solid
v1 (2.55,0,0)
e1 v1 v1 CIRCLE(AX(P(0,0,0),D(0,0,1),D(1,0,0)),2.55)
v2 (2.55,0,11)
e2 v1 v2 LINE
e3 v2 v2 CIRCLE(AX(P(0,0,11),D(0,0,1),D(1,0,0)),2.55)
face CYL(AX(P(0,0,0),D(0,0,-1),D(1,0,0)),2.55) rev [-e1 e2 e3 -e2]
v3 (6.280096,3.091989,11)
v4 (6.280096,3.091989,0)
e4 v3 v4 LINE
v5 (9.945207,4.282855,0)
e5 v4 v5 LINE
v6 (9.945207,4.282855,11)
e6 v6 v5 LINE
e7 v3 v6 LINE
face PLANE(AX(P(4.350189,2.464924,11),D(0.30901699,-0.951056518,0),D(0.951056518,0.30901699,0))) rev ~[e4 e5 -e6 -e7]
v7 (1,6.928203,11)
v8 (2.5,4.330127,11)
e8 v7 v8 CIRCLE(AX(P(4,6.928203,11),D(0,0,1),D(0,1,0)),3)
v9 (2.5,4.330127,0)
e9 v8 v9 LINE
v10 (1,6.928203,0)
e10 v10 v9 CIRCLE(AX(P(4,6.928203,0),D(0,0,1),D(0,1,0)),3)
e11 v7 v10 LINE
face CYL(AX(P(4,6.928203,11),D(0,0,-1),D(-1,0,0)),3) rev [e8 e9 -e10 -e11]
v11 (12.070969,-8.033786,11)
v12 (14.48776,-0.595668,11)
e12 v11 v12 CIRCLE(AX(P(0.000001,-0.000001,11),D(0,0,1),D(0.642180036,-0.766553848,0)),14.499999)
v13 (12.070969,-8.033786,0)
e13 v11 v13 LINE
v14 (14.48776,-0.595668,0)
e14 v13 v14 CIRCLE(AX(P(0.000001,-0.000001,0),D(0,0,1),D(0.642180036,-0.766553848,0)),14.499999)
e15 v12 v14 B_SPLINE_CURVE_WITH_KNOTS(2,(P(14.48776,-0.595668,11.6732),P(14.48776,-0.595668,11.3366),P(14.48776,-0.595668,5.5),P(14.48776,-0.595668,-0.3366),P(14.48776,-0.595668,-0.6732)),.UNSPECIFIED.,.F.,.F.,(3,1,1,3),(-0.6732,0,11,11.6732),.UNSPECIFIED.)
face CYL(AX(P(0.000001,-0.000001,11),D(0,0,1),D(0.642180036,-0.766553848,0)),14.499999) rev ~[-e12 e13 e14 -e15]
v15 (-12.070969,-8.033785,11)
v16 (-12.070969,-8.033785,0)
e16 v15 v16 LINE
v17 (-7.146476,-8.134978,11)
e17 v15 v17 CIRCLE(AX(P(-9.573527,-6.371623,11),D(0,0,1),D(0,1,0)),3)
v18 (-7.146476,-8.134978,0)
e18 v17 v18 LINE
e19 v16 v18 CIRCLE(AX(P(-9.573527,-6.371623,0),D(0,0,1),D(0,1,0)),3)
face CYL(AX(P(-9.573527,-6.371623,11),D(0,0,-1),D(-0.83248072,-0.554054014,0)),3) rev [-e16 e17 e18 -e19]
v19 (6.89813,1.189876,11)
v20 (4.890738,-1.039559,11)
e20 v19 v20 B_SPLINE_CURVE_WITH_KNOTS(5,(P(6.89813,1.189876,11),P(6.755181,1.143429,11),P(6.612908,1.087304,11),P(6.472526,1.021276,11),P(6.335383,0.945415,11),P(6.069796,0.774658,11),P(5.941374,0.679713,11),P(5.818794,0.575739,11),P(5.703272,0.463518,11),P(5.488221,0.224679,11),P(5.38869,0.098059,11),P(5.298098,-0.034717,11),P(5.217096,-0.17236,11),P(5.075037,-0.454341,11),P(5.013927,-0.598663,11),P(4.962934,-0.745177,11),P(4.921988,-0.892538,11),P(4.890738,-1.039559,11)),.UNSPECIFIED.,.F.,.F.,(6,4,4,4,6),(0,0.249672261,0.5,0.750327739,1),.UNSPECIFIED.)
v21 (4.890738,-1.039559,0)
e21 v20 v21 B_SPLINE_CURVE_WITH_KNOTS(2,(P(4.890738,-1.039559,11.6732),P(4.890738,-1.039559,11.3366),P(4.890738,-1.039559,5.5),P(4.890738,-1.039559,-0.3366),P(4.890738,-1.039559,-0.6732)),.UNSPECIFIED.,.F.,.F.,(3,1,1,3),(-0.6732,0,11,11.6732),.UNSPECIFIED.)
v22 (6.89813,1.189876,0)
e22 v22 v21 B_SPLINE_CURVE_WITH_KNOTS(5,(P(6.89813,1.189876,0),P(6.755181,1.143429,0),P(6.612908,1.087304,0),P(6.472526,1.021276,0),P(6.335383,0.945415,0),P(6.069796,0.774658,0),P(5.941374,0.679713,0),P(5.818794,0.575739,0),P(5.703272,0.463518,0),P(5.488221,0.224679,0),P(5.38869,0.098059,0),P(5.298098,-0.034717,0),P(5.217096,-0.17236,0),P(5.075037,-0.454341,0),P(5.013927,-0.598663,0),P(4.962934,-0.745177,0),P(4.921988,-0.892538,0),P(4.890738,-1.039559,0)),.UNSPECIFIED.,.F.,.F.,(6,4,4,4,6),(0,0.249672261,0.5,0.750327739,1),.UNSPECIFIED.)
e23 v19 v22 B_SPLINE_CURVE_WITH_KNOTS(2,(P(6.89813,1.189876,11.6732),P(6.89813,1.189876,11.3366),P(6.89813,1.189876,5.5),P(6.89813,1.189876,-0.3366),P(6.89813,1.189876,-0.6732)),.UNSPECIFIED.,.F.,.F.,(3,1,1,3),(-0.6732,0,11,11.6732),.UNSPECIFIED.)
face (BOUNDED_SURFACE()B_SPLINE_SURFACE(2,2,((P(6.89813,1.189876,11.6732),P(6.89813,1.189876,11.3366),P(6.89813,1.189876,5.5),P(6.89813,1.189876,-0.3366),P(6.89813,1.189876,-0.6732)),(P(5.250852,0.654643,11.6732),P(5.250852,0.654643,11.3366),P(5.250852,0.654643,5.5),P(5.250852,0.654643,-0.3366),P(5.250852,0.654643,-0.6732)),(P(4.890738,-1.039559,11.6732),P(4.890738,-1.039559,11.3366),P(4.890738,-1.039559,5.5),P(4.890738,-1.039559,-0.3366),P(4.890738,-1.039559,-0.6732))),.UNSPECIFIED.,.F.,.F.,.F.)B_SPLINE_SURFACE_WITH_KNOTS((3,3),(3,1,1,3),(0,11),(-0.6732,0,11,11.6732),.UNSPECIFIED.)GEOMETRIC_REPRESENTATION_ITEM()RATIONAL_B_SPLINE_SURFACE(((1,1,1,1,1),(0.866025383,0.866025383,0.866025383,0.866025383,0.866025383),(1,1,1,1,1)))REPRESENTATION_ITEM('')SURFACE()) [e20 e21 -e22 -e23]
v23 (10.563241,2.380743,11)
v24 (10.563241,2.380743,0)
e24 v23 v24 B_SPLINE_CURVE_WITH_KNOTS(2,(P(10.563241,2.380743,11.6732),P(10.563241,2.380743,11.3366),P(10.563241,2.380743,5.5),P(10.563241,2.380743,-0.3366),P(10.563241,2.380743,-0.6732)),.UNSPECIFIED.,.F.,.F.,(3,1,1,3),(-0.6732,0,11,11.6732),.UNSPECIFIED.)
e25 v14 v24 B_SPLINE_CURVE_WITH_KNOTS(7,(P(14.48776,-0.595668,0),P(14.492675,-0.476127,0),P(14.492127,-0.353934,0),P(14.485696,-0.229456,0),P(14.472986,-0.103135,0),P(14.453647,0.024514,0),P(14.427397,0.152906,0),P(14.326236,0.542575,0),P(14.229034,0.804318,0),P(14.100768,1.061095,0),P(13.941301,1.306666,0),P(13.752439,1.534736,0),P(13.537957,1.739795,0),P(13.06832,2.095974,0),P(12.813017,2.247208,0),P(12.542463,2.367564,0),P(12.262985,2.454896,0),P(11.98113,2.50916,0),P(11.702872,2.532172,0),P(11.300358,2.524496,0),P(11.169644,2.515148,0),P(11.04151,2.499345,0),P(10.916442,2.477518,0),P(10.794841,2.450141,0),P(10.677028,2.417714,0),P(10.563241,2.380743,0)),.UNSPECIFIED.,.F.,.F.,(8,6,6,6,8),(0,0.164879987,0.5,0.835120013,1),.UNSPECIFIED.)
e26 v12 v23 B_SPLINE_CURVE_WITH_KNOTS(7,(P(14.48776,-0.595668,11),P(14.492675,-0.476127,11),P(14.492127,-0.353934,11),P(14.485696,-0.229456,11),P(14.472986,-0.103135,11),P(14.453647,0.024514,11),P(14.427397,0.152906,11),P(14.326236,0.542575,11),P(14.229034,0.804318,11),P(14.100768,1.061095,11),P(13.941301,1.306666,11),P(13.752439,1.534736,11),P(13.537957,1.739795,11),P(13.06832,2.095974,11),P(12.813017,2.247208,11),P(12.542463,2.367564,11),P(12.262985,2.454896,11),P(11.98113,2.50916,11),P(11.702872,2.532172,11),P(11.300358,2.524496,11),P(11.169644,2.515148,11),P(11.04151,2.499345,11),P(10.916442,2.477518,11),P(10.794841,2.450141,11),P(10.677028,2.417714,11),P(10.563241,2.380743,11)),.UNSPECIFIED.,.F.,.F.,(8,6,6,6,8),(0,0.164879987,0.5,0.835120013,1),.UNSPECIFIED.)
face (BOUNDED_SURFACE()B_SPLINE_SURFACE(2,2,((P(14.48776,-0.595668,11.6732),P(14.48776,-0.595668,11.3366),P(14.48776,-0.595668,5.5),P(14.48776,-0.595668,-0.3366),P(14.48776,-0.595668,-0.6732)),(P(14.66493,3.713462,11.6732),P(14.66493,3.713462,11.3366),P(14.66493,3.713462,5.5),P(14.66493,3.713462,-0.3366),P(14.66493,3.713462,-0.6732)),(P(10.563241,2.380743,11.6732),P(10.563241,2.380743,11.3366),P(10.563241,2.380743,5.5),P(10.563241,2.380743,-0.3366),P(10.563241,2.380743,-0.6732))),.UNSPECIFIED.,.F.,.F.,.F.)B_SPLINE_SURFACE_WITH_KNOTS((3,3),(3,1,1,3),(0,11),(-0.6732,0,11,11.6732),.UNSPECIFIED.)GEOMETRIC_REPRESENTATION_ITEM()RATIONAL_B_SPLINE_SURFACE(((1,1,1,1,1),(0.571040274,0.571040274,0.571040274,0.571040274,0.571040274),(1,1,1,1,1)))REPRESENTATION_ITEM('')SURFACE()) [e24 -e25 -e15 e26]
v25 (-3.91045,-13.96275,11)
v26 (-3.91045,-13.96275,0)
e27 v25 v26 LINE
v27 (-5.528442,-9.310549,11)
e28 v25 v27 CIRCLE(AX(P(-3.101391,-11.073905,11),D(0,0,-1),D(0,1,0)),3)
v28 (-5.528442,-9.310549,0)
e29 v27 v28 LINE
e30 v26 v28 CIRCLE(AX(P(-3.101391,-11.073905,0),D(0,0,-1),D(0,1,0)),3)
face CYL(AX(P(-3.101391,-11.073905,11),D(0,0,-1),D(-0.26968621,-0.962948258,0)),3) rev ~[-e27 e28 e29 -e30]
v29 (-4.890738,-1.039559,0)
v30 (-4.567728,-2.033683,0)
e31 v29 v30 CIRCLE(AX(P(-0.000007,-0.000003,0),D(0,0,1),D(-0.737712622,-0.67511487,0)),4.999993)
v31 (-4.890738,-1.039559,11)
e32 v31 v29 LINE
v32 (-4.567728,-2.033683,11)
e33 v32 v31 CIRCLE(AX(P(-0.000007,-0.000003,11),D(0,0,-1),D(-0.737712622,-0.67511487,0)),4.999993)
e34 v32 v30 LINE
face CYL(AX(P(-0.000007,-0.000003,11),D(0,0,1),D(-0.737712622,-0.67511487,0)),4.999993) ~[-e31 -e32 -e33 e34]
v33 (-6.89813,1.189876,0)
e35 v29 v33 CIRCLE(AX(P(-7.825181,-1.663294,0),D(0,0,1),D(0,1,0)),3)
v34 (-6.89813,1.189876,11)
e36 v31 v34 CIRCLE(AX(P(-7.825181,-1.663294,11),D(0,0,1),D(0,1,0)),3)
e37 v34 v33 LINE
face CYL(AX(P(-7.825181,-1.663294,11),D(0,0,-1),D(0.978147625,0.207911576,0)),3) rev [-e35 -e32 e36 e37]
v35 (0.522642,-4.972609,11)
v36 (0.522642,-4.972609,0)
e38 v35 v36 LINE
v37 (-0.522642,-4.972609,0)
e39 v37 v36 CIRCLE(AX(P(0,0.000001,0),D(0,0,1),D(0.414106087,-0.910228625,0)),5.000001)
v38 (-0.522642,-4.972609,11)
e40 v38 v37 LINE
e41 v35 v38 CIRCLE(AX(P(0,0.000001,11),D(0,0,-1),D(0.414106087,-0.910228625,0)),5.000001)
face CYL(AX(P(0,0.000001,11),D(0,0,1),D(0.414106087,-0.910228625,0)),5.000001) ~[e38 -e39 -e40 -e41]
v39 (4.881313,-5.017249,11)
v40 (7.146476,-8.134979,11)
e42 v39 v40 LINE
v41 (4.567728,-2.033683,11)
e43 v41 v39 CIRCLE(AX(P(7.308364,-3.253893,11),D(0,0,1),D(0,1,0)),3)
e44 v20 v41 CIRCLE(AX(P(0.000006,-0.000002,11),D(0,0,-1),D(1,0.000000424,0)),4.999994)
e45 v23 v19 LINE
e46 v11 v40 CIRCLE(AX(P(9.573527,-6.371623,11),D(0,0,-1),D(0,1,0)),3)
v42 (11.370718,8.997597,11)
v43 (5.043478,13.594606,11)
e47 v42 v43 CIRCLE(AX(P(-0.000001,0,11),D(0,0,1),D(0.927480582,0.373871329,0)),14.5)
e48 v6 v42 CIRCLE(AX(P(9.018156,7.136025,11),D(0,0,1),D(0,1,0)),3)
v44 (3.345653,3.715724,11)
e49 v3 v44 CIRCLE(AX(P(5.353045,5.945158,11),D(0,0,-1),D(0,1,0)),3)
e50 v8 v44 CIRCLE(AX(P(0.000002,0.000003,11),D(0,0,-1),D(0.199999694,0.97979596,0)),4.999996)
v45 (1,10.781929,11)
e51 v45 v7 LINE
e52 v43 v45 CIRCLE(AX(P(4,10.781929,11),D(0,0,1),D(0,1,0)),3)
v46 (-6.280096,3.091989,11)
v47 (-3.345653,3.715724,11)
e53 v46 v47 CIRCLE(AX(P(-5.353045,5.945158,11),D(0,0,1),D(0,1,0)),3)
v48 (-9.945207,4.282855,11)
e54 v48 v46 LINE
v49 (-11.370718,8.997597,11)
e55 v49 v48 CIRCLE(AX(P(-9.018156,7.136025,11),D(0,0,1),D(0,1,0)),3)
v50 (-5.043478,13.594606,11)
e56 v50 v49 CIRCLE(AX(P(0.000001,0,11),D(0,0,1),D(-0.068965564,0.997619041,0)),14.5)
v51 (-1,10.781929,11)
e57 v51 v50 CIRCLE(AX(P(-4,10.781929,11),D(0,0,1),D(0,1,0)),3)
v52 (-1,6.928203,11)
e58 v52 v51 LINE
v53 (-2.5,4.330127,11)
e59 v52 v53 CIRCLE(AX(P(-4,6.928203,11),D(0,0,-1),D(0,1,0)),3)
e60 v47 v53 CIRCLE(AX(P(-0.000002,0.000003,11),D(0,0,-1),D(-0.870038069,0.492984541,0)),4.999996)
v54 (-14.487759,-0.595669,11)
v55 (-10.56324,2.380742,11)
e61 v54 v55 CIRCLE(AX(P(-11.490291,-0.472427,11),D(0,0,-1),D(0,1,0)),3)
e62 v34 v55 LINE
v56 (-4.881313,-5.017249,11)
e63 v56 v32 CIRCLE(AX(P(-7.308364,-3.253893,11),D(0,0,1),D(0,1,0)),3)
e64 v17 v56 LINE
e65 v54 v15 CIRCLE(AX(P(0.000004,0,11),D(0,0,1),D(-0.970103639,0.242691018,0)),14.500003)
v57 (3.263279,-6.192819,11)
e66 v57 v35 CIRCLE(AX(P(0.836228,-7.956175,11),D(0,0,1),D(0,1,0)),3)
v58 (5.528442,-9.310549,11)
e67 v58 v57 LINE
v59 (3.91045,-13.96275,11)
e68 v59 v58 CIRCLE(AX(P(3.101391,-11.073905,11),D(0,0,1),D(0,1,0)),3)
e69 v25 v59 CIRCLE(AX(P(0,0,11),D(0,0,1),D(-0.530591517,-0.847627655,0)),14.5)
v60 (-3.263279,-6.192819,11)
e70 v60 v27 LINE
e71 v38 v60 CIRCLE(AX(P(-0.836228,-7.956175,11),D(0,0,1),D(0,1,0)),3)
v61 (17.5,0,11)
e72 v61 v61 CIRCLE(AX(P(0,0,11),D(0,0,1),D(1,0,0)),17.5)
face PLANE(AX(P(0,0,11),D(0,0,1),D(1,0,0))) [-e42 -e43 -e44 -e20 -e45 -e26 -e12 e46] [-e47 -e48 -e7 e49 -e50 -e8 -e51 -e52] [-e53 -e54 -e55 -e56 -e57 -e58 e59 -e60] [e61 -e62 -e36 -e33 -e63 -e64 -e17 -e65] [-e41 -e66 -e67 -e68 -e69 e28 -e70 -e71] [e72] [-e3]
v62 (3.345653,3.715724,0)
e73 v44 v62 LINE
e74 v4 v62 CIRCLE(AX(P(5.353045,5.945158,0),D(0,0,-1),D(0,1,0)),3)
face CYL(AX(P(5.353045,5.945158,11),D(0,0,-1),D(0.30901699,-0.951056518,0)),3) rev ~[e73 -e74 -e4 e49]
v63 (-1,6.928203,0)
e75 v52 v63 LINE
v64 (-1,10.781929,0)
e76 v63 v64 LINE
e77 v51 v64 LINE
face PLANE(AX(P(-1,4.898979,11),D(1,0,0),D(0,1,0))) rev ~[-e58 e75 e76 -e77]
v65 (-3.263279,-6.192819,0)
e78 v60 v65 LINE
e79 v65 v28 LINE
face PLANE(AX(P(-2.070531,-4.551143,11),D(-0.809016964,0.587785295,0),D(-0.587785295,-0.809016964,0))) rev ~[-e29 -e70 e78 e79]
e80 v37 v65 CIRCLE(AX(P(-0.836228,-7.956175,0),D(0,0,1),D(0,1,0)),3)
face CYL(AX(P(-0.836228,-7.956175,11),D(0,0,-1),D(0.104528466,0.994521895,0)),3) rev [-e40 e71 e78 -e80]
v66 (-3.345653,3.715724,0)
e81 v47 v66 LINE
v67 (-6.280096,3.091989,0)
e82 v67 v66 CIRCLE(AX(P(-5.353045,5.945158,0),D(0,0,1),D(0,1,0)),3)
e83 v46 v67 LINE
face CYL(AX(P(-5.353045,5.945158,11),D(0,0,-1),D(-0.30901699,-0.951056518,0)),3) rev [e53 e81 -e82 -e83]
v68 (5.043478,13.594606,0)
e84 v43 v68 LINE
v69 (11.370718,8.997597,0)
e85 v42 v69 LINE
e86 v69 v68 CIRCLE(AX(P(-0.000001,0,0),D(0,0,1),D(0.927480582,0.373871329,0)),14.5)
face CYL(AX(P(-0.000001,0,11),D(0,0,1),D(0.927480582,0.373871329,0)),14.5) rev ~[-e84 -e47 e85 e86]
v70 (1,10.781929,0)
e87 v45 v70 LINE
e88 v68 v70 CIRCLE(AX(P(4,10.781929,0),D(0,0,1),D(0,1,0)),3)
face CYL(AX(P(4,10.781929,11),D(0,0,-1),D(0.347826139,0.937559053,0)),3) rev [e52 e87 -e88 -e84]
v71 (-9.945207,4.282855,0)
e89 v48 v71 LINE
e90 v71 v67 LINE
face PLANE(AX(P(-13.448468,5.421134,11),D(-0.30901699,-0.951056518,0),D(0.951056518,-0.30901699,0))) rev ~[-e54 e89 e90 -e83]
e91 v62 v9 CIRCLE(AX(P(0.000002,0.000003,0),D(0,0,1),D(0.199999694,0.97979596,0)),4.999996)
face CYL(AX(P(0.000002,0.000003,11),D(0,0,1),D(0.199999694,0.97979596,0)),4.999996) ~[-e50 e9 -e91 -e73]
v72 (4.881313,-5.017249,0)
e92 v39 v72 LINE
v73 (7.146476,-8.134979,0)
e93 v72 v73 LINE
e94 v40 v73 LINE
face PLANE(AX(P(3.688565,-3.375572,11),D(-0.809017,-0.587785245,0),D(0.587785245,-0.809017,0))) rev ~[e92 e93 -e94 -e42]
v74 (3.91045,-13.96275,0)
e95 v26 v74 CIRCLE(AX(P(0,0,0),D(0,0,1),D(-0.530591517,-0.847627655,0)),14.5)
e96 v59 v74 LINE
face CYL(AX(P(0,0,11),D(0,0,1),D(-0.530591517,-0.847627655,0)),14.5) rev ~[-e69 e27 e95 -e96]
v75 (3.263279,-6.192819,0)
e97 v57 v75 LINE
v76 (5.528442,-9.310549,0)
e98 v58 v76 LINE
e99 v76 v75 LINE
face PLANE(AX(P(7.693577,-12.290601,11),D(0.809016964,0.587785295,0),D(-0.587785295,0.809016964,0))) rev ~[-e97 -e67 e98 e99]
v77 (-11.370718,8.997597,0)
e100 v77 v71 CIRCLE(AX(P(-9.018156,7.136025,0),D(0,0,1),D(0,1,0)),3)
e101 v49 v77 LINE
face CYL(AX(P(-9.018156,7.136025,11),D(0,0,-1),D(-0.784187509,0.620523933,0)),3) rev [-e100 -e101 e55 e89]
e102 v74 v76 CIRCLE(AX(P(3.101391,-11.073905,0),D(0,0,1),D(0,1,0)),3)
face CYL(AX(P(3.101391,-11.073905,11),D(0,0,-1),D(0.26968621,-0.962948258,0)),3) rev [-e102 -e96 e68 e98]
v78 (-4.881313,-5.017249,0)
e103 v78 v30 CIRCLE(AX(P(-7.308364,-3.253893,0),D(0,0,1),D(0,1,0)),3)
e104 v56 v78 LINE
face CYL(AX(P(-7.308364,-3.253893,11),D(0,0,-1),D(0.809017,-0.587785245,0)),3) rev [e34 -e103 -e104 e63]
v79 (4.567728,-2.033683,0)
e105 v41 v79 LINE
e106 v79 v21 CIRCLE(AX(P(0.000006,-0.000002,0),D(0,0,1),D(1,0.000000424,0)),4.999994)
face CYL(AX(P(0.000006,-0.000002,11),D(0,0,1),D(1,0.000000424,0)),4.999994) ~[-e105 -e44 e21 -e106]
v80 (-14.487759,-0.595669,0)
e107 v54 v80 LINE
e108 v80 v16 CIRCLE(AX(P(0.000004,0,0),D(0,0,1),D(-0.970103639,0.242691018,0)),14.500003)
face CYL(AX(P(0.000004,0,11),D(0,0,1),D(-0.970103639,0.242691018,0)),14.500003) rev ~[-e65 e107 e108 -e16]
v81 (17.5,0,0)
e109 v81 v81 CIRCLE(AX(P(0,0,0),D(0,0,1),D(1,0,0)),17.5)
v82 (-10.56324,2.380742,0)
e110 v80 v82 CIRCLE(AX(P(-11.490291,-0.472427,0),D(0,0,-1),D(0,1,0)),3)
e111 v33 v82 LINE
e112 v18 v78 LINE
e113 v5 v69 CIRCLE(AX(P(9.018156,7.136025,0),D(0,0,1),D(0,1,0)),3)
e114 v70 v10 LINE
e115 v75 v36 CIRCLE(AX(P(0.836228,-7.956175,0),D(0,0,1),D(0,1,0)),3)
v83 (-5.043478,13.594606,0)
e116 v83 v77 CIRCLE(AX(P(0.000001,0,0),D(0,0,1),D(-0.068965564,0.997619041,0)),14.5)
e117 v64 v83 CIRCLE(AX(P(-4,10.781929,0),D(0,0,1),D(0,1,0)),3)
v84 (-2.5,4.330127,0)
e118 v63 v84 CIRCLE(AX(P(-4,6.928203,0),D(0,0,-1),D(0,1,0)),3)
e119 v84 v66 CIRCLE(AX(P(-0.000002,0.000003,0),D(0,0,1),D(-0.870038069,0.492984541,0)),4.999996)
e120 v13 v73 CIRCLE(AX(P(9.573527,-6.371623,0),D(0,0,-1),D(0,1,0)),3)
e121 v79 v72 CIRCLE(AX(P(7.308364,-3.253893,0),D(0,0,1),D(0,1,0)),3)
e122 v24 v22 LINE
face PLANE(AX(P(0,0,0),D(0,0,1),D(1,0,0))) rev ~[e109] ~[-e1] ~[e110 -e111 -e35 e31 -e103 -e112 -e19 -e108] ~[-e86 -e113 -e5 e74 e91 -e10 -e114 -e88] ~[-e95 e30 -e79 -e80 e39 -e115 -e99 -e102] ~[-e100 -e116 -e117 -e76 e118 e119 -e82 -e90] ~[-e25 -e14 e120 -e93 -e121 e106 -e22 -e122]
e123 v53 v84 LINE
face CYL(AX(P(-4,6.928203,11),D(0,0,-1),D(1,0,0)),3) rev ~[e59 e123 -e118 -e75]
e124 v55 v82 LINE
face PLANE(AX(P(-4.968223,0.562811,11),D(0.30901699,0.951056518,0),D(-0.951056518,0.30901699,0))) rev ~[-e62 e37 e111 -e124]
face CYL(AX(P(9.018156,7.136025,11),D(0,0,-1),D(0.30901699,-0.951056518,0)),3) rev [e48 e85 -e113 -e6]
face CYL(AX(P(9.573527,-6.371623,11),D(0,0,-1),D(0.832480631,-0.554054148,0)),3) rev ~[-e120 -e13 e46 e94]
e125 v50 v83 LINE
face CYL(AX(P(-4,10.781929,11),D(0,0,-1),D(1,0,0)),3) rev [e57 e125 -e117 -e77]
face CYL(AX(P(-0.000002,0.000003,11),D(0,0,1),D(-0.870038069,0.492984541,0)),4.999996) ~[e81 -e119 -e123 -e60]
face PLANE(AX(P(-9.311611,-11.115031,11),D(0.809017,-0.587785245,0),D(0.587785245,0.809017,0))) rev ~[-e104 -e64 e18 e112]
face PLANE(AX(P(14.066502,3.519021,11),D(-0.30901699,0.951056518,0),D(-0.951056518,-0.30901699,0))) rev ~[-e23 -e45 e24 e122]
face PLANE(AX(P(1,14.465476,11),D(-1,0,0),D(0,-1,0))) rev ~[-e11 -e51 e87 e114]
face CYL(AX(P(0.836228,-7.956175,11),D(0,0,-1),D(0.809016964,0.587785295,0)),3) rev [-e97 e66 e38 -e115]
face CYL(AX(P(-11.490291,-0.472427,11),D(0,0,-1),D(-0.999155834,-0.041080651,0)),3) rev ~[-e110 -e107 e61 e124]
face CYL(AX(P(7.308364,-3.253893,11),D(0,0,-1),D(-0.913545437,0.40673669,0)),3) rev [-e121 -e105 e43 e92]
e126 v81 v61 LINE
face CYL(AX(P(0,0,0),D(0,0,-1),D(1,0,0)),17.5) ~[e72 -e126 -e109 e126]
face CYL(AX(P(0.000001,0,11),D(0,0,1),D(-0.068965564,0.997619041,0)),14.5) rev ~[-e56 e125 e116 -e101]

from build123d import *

# Parameters (mm, degrees)
F0_R     = 17.5
F0_R_2   = 2.55
F1_DEPTH = 11
F3_DEPTH = 25
F4_R     = 3


with BuildPart() as f1:
    # F0 (on Top) → F1 (new body)
    with BuildSketch(Plane.XY):
        Circle(F0_R)
        Circle(F0_R_2, mode=Mode.SUBTRACT)
    extrude(amount=F1_DEPTH)

    # F2 (on face) → F3 (cut)
    with BuildSketch(Plane.XY.offset(11)):
        with BuildLine():
            Line((-1, 4.898979), (-1, 14.465476))
            ThreePointArc((-1, 14.465476), (-8.522886, 11.730746), (-13.448468, 5.421134))
            Line((-13.448468, 5.421134), (-4.350189, 2.464924))
            ThreePointArc((-4.350189, 2.464924), (-2.938926, 4.045085), (-1, 4.898979))
        make_face()
        with BuildLine():
            Line((4.350189, 2.464924), (13.448468, 5.421134))
            ThreePointArc((13.448468, 5.421134), (8.522886, 11.730746), (1, 14.465476))
            Line((1, 14.465476), (1, 4.898979))
            ThreePointArc((1, 4.898979), (2.938926, 4.045085), (4.350189, 2.464924))
        make_face()
        with BuildLine():
            ThreePointArc((9.311611, -11.115031), (13.139033, -6.133174), (14.5, 0))
            ThreePointArc((14.5, 0), (14.391218, 1.772811), (14.066502, 3.519021))
            Line((14.066502, 3.519021), (4.968223, 0.562811))
            ThreePointArc((4.968223, 0.562811), (4.99205, 0.281854), (5, 0))
            ThreePointArc((5, 0), (4.660624, -1.810687), (3.688565, -3.375572))
            Line((3.688565, -3.375572), (9.311611, -11.115031))
        make_face()
        with BuildLine():
            ThreePointArc((-7.693577, -12.290601), (0, -14.5), (7.693577, -12.290601))
            Line((7.693577, -12.290601), (2.070531, -4.551143))
            ThreePointArc((2.070531, -4.551143), (0, -5), (-2.070531, -4.551143))
            Line((-2.070531, -4.551143), (-7.693577, -12.290601))
        make_face()
        with BuildLine():
            ThreePointArc((-14.066502, 3.519021), (-13.790319, -4.480746), (-9.311611, -11.115031))
            Line((-9.311611, -11.115031), (-3.688565, -3.375572))
            ThreePointArc((-3.688565, -3.375572), (-4.755283, -1.545085), (-4.968223, 0.562811))
            Line((-4.968223, 0.562811), (-14.066502, 3.519021))
        make_face()
    extrude(amount=-F3_DEPTH, mode=Mode.SUBTRACT)

    # F4
    f4_edges = [f1.edges().sort_by_distance(p)[0] for p in [
        (-1, 4.898979, 5.5),
        (-4.350189, 2.464924, 5.5),
        (1, 4.898979, 5.5),
        (4.350189, 2.464924, 5.5),
        (3.688565, -3.375572, 5.5),
        (4.968223, 0.562811, 5.5),
        (2.070531, -4.551143, 5.5),
        (-2.070531, -4.551143, 5.5),
        (-4.968223, 0.562811, 5.5),
        (-3.688565, -3.375572, 5.5),
        (13.448468, 5.421134, 5.5),
        (14.066502, 3.519021, 5.5),
        (1, 14.465476, 5.5),
        (-1, 14.465476, 5.5),
        (-13.448468, 5.421134, 5.5),
        (9.311611, -11.115031, 5.5),
        (-9.311611, -11.115031, 5.5),
        (-14.066502, 3.519021, 5.5),
        (7.693577, -12.290601, 5.5),
        (-7.693577, -12.290601, 5.5),
    ]]
    fillet(f4_edges, radius=F4_R)


solid = f1.part
